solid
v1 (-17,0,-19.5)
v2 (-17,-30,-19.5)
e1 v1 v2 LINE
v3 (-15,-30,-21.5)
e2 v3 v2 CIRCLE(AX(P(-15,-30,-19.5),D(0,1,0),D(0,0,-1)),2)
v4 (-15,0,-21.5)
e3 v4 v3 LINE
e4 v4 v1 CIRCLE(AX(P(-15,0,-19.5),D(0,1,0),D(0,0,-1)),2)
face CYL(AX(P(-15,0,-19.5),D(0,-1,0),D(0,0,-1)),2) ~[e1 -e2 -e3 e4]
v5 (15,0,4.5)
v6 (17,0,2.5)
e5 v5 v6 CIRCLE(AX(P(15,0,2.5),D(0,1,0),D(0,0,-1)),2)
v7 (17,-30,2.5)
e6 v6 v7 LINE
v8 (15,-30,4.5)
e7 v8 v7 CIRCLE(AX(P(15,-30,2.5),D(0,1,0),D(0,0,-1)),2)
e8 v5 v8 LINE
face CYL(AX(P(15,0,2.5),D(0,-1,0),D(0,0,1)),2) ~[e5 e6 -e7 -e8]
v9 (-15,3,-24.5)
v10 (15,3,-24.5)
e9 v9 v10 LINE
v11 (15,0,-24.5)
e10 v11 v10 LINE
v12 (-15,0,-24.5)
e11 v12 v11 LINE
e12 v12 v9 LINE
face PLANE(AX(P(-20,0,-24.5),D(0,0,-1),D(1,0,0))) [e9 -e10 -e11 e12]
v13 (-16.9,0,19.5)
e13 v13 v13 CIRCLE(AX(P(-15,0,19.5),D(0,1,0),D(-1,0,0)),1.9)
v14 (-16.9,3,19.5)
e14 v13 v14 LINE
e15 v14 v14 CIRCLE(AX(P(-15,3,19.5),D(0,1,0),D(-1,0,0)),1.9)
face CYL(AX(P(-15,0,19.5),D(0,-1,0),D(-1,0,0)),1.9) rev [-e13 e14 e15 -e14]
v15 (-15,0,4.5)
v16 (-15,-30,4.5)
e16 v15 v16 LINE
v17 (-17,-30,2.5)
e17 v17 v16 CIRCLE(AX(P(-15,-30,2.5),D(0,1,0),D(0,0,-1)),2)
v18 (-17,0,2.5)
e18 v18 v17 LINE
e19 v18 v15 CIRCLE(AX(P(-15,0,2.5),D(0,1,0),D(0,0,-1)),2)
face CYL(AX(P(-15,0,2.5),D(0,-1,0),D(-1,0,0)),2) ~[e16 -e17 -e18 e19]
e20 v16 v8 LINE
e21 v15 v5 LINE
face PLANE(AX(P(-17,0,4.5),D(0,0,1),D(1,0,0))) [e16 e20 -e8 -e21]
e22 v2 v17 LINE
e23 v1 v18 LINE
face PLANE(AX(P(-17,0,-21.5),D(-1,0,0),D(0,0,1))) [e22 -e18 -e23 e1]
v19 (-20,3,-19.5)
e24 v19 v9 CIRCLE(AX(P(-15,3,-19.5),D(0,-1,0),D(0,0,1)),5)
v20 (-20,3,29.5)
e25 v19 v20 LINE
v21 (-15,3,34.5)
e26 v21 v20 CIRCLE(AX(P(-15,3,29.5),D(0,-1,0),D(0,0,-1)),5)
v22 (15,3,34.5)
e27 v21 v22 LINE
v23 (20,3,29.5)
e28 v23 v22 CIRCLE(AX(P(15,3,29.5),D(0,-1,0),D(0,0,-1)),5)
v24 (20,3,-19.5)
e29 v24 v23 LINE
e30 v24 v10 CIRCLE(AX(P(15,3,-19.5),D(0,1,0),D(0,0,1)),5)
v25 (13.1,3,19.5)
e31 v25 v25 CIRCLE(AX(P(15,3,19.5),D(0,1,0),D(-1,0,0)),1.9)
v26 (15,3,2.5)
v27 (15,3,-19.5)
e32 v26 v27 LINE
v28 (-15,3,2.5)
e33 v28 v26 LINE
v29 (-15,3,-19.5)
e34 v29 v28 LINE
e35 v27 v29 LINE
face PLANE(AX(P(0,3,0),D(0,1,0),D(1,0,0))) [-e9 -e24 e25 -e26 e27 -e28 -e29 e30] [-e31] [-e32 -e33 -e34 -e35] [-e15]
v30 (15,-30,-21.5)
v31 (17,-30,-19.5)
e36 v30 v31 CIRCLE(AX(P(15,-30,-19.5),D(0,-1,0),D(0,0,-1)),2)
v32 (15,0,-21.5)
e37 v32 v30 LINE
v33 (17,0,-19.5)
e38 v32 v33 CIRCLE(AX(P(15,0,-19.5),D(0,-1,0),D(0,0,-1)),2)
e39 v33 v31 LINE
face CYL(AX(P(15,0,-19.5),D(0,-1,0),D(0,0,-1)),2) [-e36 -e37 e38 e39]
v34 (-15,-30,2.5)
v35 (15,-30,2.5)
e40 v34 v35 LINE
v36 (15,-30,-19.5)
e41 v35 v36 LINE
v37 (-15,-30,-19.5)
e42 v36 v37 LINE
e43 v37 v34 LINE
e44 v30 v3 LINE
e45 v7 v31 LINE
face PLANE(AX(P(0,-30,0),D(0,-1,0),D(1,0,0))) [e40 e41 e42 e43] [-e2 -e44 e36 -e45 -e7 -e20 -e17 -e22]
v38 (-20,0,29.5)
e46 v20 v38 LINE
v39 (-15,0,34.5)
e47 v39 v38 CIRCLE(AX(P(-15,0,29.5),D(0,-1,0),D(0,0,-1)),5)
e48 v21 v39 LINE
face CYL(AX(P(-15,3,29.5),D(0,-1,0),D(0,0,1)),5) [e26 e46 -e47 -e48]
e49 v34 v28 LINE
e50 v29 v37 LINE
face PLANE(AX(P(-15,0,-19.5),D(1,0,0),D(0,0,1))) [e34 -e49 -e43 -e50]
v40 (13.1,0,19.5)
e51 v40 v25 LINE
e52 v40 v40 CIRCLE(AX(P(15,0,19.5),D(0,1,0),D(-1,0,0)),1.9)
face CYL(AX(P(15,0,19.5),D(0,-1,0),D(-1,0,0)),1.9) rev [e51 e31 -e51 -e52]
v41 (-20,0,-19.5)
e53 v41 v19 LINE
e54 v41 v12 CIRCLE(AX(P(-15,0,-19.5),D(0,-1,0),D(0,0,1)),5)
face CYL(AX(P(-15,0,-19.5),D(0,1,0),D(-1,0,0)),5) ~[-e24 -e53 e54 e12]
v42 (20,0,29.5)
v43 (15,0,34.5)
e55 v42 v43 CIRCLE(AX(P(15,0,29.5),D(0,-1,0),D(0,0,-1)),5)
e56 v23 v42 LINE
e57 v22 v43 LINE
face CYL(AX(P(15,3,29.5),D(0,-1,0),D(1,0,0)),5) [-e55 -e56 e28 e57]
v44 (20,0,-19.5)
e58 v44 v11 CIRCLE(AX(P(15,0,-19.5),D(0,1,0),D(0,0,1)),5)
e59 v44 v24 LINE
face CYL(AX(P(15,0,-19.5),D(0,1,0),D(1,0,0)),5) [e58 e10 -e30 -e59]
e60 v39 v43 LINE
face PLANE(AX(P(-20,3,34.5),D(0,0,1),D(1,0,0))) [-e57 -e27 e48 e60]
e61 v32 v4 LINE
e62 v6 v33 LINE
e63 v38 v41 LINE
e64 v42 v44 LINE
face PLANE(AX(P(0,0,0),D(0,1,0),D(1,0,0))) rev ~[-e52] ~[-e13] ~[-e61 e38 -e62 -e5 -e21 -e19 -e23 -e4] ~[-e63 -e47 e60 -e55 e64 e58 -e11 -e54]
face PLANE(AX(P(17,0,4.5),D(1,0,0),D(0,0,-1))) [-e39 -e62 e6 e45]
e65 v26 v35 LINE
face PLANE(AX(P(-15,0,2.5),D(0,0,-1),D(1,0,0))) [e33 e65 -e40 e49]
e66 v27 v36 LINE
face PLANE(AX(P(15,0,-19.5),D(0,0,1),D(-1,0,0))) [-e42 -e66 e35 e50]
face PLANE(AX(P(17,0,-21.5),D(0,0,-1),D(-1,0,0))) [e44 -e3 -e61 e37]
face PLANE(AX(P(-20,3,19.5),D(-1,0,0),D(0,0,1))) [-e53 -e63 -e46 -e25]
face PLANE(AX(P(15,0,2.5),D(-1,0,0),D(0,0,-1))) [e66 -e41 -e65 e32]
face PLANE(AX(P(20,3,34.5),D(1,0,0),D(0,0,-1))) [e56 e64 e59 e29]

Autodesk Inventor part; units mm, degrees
ref_plane "YZ Plane" through (0, 0, 0) normal (1, 0, 0) x (0, 1, 0)
ref_plane "XZ Plane" through (0, 0, 0) normal (0, 1, 0) x (-1, 0, 0)
ref_plane "XY Plane" through (0, 0, 0) normal (0, 0, 1) x (1, 0, 0)
sketch "Sketch1" plane through (0, 0, 0) normal (0, 1, 0) x (-1, 0, 0)
  line L0 (-20, 24.5) -> (20, 24.5)
  line L1 (20, 24.5) -> (20, -24.5)
  line L2 (20, -24.5) -> (-20, -24.5)
  line L3 (-20, -24.5) -> (-20, 24.5)
  line L4 (-20, 24.5) -> (20, -24.5) construction
  line L5 (20, 24.5) -> (-20, -24.5) construction
  circle A0 centre (15, 19.5) radius 1.9
  circle A1 centre (-15, 19.5) radius 1.9
  line L6 (15, 2.5) -> (-15, 2.5)
  line L7 (-15, 2.5) -> (-15, -19.5)
  line L8 (-15, -19.5) -> (15, -19.5)
  line L9 (15, -19.5) -> (15, 2.5)
  line L10 (15, 2.5) -> (-15, -19.5) construction
  line L11 (-15, 2.5) -> (15, -19.5) construction
  point P0 (0, 0)
  point P1 (15, 17.5)
  point P2 (-15, 17.5)
  point P3 (0, -8.5)
  point P4 (0, -8.5)
  point P5 (0, 0)
  dimension "d0" = 30
  dimension "d1" = 3.8
  dimension "d4" = 5
  dimension "d5" = 15
  dimension "d6" = 22
  dimension "d7" = 30
  dimension "d9" = 49
  dimension "d12" = 40
  dimension "d21" = 22
extrude "Extrusion1" add sketch "Sketch1" along normal blind 3
sketch "Sketch2" plane through (0, 0, 0) normal (0, -1, 0) x (1, 0, 0)
  point P0 (0, 0)
sketch "Sketch3" plane through (0, 0, 0) normal (0, -1, 0) x (1, 0, 0)
  line L0 (17, -21.5) -> (-17, -21.5)
  line L1 (-17, -21.5) -> (-17, 4.5)
  line L2 (-17, 4.5) -> (17, 4.5)
  line L3 (17, 4.5) -> (17, -21.5)
  line L4 (17, -21.5) -> (-17, 4.5) construction
  line L5 (-17, -21.5) -> (17, 4.5) construction
  line L6 (-15, -19.5) -> (-15, 2.5) projected
  line L7 (15, 2.5) -> (15, -19.5) projected
  line L8 (15, -19.5) -> (-15, -19.5) projected
  line L9 (-15, 2.5) -> (15, 2.5) projected
  line L10 (15, 2.5) -> (-15, 2.5) projected
  line L11 (15, -19.5) -> (-15, -19.5)
  line L12 (-15, -19.5) -> (-15, 2.5)
  line L13 (-15, 2.5) -> (15, 2.5)
  line L14 (15, 2.5) -> (15, -19.5)
  line L15 (15, -19.5) -> (-15, 2.5) construction
  line L16 (-15, -19.5) -> (15, 2.5) construction
  point P0 (0, 0)
  point P1 (0, -8.5)
  point P2 (0, -8.5)
  dimension "d13" = 2
  dimension "d14" = 2
  dimension "d15" = 2
  dimension "d16" = 2
extrude "Extrusion2" add sketch "Sketch3" along normal blind 30
fillet "Fillet1" radius 5 4 edges at (-20, 1.5, -24.5) (-20, 1.5, 24.5) (20, 1.5, 24.5) (20, 1.5, -24.5)
fillet "Fillet2" radius 2 4 edges at (-17, -15, -21.5) (17, -15, 4.5) (-17, -15, 4.5) (17, -15, -21.5)
sketch "Sketch4" plane through (0, 3, 0) normal (0, 1, 0) x (1, 0, 0)
  line L0 (-15, -24.5) -> (15, -24.5) projected
  arc A0 (15, -24.5) -> (20, -19.5) centre (15, -19.5) ccw projected
  arc A1 (-20, -19.5) -> (-15, -24.5) centre (-15, -19.5) ccw projected
  line L1 (20, -19.5) -> (-20, -19.5)
  line L2 (-20, -19.5) -> (-20, -34.5)
  line L3 (-20, -34.5) -> (20, -34.5)
  line L4 (20, -34.5) -> (20, -19.5)
  point P0 (0, 0)
  dimension "d22" = 15
extrude "Extrusion3" add sketch "Sketch4" against normal up to surface (3 mm away) contours L0 A0 L4 L3 L2 A1
fillet "Fillet3" radius 5 2 edges at (20, 1.5, 34.5) (-20, 1.5, 34.5)
properties part number "ButtonBox"
